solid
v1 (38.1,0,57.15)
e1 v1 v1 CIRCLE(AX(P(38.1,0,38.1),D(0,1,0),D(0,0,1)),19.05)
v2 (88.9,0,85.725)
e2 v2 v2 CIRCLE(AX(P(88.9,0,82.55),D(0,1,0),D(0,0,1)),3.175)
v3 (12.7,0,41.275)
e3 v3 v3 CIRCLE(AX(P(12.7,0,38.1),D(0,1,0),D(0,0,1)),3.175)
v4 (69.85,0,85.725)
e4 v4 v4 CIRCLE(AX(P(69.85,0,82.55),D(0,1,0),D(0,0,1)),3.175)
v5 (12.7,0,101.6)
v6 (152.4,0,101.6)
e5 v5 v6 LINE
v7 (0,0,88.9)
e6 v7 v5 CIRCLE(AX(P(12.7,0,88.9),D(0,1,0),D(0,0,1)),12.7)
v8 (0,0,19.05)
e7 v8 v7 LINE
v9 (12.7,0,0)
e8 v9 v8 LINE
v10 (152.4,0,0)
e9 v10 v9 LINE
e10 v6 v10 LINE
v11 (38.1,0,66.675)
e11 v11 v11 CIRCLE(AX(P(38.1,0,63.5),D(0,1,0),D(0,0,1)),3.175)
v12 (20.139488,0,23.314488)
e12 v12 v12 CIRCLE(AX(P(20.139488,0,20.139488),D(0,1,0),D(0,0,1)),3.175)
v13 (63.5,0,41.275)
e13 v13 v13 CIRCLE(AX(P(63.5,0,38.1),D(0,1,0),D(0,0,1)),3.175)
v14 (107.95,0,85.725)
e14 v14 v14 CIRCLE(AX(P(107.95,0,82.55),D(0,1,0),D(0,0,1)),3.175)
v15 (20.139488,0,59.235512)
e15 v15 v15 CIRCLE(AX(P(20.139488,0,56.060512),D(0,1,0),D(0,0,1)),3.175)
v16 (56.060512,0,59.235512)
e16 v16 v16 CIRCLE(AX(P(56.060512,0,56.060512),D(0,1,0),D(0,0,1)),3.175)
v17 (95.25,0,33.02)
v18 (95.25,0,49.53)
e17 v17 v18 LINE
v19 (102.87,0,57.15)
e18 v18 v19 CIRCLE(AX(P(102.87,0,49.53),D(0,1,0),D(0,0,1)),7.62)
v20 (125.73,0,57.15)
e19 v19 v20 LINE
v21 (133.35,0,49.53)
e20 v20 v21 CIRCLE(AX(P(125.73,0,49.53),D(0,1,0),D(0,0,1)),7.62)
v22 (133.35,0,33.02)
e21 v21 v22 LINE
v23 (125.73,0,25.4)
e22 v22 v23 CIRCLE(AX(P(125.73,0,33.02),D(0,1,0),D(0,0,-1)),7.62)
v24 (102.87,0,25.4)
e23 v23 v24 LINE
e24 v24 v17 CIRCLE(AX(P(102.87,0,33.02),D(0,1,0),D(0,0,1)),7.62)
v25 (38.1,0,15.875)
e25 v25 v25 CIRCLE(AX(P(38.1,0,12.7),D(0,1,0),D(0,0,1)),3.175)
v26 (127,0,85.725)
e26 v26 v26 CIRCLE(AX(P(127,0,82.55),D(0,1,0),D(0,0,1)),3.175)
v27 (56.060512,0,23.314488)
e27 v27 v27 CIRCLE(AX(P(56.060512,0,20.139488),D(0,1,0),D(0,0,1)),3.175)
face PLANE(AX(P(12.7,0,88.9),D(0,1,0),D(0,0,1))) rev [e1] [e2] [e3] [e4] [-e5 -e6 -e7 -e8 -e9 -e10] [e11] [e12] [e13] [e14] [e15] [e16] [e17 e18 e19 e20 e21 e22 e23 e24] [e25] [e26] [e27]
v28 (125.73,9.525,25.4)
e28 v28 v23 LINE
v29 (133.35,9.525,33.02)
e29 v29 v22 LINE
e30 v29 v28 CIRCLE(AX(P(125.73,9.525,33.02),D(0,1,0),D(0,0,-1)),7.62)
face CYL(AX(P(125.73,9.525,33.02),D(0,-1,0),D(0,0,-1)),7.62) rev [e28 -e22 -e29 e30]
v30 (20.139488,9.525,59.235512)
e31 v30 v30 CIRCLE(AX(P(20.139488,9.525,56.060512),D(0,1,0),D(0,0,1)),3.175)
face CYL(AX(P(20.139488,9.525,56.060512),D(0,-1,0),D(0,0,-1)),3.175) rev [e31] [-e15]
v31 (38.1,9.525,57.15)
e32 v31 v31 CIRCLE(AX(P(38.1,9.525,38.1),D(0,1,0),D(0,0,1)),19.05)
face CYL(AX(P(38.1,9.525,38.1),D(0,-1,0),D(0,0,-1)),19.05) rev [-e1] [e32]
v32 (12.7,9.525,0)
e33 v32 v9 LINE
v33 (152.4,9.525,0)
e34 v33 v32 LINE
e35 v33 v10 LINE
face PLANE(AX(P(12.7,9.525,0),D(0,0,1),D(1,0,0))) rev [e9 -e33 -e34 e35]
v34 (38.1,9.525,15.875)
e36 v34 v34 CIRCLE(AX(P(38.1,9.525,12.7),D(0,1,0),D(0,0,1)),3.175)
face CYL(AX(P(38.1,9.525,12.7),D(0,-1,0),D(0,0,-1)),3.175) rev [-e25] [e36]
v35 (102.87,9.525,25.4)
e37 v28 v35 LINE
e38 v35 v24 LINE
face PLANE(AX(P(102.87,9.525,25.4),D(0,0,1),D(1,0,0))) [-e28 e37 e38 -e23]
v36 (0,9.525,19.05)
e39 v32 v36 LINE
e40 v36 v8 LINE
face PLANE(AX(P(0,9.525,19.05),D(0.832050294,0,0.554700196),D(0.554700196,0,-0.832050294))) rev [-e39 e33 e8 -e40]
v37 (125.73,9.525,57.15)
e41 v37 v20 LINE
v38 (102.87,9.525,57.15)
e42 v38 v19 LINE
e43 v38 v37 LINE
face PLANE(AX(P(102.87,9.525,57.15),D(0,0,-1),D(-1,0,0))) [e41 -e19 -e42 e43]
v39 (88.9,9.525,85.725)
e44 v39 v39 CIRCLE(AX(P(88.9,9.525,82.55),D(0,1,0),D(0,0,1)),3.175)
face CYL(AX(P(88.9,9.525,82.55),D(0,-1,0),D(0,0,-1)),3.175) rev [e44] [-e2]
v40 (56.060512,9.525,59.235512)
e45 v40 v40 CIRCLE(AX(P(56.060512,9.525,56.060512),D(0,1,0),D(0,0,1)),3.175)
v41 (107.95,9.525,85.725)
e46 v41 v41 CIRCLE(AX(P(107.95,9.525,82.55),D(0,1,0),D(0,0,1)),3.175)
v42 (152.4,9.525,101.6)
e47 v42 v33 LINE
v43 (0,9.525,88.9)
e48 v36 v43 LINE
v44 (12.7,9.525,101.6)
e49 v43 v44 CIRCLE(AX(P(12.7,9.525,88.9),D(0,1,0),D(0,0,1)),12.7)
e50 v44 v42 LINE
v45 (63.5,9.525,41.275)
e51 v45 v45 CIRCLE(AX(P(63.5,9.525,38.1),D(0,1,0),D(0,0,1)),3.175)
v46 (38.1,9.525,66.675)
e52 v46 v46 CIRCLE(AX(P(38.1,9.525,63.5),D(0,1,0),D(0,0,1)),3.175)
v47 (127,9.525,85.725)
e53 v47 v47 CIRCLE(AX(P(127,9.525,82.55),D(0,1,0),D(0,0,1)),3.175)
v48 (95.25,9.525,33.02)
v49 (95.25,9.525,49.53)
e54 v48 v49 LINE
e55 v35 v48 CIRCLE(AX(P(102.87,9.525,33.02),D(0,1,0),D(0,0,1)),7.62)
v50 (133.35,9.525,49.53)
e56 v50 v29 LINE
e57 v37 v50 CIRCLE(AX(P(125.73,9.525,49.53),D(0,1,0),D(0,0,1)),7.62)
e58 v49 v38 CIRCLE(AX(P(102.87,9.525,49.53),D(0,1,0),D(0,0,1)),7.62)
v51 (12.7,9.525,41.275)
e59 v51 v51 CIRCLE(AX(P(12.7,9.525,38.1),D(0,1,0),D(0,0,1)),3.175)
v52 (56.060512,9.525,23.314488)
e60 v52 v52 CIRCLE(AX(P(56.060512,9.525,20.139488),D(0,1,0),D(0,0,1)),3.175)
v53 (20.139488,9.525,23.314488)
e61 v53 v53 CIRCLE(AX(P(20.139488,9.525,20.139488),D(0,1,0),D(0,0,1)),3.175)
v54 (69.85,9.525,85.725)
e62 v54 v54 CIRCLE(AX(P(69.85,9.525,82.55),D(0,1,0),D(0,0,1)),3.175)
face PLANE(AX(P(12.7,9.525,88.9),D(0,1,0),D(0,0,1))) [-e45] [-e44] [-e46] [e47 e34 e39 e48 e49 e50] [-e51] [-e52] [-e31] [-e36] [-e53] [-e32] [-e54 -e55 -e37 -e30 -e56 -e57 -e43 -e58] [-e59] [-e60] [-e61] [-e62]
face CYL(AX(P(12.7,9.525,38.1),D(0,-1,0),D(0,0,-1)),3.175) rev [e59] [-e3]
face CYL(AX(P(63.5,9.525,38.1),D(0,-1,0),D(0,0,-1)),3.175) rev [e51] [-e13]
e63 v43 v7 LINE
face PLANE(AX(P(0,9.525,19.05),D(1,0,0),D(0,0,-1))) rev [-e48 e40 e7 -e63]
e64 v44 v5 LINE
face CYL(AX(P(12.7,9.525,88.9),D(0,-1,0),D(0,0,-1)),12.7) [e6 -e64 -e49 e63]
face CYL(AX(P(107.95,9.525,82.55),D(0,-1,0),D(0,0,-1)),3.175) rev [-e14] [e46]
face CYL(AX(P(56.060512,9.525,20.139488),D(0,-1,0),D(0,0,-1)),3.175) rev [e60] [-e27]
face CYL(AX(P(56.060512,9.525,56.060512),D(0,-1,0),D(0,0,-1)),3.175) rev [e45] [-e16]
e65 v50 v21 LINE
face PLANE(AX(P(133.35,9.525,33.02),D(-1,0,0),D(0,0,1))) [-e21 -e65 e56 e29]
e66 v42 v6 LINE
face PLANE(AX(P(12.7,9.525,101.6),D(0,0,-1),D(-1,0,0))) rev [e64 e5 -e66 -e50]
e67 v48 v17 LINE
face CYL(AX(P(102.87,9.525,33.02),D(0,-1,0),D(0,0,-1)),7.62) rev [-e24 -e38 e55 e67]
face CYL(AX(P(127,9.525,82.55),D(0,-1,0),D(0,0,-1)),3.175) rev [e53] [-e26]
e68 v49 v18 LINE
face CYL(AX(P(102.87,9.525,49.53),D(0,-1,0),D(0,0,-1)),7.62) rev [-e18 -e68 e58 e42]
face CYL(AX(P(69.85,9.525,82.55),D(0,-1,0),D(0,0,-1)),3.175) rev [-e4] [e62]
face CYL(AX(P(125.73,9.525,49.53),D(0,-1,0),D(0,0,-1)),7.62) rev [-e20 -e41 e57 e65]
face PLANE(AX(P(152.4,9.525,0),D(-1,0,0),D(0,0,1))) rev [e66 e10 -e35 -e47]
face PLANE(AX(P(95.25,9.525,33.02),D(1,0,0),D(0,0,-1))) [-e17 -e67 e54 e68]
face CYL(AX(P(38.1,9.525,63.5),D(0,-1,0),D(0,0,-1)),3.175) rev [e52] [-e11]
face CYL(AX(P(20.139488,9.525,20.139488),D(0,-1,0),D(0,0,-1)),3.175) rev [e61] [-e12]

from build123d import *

# Parameters (mm, degrees)
SKETCH1_R           = 19.05
SKETCH1_R_2         = 3.175
BOSS_EXTRUDE1_DEPTH = 9.525


with BuildPart() as part:
    # Sketch1 → Boss-Extrude1 (new body)
    with BuildSketch(Plane(origin=(0, 0, 0), x_dir=(1, 0, 0), z_dir=(0, 1, 0))):
        with BuildLine():
            Line((0, -19.05), (12.7, 0))
            Line((12.7, 0), (152.4, 0))
            Line((152.4, 0), (152.4, -101.6))
            Line((152.4, -101.6), (12.7, -101.6))
            ThreePointArc((12.7, -101.6), (3.719743879, -97.880256121), (0, -88.9))
            Line((0, -88.9), (0, -19.05))
        make_face()
        with Locations((38.1, -38.1)):
            Circle(SKETCH1_R, mode=Mode.SUBTRACT)
        with Locations((56.060512242, -56.060512242)):
            Circle(SKETCH1_R_2, mode=Mode.SUBTRACT)
        with Locations((38.1, -63.5)):
            Circle(SKETCH1_R_2, mode=Mode.SUBTRACT)
        with Locations((20.139487758, -56.060512242)):
            Circle(SKETCH1_R_2, mode=Mode.SUBTRACT)
        with Locations((12.7, -38.1)):
            Circle(SKETCH1_R_2, mode=Mode.SUBTRACT)
        with Locations((20.139487758, -20.139487758)):
            Circle(SKETCH1_R_2, mode=Mode.SUBTRACT)
        with Locations((38.1, -12.7)):
            Circle(SKETCH1_R_2, mode=Mode.SUBTRACT)
        with Locations((56.060512242, -20.139487758)):
            Circle(SKETCH1_R_2, mode=Mode.SUBTRACT)
        with Locations((63.5, -38.1)):
            Circle(SKETCH1_R_2, mode=Mode.SUBTRACT)
        with Locations((69.85, -82.55)):
            Circle(SKETCH1_R_2, mode=Mode.SUBTRACT)
        with Locations((88.9, -82.55)):
            Circle(SKETCH1_R_2, mode=Mode.SUBTRACT)
        with Locations((107.95, -82.55)):
            Circle(SKETCH1_R_2, mode=Mode.SUBTRACT)
        with Locations((127, -82.55)):
            Circle(SKETCH1_R_2, mode=Mode.SUBTRACT)
        with BuildLine():
            Line((102.87, -25.4), (125.73, -25.4))
            ThreePointArc((125.73, -25.4), (131.118153673, -27.631846327), (133.35, -33.02))
            Line((133.35, -33.02), (133.35, -49.53))
            ThreePointArc((133.35, -49.53), (131.118153673, -54.918153673), (125.73, -57.15))
            Line((125.73, -57.15), (102.87, -57.15))
            ThreePointArc((102.87, -57.15), (97.481846327, -54.918153673), (95.25, -49.53))
            Line((95.25, -49.53), (95.25, -33.02))
            ThreePointArc((95.25, -33.02), (97.481846327, -27.631846327), (102.87, -25.4))
        make_face(mode=Mode.SUBTRACT)
    extrude(amount=BOSS_EXTRUDE1_DEPTH)


solid = part.part
